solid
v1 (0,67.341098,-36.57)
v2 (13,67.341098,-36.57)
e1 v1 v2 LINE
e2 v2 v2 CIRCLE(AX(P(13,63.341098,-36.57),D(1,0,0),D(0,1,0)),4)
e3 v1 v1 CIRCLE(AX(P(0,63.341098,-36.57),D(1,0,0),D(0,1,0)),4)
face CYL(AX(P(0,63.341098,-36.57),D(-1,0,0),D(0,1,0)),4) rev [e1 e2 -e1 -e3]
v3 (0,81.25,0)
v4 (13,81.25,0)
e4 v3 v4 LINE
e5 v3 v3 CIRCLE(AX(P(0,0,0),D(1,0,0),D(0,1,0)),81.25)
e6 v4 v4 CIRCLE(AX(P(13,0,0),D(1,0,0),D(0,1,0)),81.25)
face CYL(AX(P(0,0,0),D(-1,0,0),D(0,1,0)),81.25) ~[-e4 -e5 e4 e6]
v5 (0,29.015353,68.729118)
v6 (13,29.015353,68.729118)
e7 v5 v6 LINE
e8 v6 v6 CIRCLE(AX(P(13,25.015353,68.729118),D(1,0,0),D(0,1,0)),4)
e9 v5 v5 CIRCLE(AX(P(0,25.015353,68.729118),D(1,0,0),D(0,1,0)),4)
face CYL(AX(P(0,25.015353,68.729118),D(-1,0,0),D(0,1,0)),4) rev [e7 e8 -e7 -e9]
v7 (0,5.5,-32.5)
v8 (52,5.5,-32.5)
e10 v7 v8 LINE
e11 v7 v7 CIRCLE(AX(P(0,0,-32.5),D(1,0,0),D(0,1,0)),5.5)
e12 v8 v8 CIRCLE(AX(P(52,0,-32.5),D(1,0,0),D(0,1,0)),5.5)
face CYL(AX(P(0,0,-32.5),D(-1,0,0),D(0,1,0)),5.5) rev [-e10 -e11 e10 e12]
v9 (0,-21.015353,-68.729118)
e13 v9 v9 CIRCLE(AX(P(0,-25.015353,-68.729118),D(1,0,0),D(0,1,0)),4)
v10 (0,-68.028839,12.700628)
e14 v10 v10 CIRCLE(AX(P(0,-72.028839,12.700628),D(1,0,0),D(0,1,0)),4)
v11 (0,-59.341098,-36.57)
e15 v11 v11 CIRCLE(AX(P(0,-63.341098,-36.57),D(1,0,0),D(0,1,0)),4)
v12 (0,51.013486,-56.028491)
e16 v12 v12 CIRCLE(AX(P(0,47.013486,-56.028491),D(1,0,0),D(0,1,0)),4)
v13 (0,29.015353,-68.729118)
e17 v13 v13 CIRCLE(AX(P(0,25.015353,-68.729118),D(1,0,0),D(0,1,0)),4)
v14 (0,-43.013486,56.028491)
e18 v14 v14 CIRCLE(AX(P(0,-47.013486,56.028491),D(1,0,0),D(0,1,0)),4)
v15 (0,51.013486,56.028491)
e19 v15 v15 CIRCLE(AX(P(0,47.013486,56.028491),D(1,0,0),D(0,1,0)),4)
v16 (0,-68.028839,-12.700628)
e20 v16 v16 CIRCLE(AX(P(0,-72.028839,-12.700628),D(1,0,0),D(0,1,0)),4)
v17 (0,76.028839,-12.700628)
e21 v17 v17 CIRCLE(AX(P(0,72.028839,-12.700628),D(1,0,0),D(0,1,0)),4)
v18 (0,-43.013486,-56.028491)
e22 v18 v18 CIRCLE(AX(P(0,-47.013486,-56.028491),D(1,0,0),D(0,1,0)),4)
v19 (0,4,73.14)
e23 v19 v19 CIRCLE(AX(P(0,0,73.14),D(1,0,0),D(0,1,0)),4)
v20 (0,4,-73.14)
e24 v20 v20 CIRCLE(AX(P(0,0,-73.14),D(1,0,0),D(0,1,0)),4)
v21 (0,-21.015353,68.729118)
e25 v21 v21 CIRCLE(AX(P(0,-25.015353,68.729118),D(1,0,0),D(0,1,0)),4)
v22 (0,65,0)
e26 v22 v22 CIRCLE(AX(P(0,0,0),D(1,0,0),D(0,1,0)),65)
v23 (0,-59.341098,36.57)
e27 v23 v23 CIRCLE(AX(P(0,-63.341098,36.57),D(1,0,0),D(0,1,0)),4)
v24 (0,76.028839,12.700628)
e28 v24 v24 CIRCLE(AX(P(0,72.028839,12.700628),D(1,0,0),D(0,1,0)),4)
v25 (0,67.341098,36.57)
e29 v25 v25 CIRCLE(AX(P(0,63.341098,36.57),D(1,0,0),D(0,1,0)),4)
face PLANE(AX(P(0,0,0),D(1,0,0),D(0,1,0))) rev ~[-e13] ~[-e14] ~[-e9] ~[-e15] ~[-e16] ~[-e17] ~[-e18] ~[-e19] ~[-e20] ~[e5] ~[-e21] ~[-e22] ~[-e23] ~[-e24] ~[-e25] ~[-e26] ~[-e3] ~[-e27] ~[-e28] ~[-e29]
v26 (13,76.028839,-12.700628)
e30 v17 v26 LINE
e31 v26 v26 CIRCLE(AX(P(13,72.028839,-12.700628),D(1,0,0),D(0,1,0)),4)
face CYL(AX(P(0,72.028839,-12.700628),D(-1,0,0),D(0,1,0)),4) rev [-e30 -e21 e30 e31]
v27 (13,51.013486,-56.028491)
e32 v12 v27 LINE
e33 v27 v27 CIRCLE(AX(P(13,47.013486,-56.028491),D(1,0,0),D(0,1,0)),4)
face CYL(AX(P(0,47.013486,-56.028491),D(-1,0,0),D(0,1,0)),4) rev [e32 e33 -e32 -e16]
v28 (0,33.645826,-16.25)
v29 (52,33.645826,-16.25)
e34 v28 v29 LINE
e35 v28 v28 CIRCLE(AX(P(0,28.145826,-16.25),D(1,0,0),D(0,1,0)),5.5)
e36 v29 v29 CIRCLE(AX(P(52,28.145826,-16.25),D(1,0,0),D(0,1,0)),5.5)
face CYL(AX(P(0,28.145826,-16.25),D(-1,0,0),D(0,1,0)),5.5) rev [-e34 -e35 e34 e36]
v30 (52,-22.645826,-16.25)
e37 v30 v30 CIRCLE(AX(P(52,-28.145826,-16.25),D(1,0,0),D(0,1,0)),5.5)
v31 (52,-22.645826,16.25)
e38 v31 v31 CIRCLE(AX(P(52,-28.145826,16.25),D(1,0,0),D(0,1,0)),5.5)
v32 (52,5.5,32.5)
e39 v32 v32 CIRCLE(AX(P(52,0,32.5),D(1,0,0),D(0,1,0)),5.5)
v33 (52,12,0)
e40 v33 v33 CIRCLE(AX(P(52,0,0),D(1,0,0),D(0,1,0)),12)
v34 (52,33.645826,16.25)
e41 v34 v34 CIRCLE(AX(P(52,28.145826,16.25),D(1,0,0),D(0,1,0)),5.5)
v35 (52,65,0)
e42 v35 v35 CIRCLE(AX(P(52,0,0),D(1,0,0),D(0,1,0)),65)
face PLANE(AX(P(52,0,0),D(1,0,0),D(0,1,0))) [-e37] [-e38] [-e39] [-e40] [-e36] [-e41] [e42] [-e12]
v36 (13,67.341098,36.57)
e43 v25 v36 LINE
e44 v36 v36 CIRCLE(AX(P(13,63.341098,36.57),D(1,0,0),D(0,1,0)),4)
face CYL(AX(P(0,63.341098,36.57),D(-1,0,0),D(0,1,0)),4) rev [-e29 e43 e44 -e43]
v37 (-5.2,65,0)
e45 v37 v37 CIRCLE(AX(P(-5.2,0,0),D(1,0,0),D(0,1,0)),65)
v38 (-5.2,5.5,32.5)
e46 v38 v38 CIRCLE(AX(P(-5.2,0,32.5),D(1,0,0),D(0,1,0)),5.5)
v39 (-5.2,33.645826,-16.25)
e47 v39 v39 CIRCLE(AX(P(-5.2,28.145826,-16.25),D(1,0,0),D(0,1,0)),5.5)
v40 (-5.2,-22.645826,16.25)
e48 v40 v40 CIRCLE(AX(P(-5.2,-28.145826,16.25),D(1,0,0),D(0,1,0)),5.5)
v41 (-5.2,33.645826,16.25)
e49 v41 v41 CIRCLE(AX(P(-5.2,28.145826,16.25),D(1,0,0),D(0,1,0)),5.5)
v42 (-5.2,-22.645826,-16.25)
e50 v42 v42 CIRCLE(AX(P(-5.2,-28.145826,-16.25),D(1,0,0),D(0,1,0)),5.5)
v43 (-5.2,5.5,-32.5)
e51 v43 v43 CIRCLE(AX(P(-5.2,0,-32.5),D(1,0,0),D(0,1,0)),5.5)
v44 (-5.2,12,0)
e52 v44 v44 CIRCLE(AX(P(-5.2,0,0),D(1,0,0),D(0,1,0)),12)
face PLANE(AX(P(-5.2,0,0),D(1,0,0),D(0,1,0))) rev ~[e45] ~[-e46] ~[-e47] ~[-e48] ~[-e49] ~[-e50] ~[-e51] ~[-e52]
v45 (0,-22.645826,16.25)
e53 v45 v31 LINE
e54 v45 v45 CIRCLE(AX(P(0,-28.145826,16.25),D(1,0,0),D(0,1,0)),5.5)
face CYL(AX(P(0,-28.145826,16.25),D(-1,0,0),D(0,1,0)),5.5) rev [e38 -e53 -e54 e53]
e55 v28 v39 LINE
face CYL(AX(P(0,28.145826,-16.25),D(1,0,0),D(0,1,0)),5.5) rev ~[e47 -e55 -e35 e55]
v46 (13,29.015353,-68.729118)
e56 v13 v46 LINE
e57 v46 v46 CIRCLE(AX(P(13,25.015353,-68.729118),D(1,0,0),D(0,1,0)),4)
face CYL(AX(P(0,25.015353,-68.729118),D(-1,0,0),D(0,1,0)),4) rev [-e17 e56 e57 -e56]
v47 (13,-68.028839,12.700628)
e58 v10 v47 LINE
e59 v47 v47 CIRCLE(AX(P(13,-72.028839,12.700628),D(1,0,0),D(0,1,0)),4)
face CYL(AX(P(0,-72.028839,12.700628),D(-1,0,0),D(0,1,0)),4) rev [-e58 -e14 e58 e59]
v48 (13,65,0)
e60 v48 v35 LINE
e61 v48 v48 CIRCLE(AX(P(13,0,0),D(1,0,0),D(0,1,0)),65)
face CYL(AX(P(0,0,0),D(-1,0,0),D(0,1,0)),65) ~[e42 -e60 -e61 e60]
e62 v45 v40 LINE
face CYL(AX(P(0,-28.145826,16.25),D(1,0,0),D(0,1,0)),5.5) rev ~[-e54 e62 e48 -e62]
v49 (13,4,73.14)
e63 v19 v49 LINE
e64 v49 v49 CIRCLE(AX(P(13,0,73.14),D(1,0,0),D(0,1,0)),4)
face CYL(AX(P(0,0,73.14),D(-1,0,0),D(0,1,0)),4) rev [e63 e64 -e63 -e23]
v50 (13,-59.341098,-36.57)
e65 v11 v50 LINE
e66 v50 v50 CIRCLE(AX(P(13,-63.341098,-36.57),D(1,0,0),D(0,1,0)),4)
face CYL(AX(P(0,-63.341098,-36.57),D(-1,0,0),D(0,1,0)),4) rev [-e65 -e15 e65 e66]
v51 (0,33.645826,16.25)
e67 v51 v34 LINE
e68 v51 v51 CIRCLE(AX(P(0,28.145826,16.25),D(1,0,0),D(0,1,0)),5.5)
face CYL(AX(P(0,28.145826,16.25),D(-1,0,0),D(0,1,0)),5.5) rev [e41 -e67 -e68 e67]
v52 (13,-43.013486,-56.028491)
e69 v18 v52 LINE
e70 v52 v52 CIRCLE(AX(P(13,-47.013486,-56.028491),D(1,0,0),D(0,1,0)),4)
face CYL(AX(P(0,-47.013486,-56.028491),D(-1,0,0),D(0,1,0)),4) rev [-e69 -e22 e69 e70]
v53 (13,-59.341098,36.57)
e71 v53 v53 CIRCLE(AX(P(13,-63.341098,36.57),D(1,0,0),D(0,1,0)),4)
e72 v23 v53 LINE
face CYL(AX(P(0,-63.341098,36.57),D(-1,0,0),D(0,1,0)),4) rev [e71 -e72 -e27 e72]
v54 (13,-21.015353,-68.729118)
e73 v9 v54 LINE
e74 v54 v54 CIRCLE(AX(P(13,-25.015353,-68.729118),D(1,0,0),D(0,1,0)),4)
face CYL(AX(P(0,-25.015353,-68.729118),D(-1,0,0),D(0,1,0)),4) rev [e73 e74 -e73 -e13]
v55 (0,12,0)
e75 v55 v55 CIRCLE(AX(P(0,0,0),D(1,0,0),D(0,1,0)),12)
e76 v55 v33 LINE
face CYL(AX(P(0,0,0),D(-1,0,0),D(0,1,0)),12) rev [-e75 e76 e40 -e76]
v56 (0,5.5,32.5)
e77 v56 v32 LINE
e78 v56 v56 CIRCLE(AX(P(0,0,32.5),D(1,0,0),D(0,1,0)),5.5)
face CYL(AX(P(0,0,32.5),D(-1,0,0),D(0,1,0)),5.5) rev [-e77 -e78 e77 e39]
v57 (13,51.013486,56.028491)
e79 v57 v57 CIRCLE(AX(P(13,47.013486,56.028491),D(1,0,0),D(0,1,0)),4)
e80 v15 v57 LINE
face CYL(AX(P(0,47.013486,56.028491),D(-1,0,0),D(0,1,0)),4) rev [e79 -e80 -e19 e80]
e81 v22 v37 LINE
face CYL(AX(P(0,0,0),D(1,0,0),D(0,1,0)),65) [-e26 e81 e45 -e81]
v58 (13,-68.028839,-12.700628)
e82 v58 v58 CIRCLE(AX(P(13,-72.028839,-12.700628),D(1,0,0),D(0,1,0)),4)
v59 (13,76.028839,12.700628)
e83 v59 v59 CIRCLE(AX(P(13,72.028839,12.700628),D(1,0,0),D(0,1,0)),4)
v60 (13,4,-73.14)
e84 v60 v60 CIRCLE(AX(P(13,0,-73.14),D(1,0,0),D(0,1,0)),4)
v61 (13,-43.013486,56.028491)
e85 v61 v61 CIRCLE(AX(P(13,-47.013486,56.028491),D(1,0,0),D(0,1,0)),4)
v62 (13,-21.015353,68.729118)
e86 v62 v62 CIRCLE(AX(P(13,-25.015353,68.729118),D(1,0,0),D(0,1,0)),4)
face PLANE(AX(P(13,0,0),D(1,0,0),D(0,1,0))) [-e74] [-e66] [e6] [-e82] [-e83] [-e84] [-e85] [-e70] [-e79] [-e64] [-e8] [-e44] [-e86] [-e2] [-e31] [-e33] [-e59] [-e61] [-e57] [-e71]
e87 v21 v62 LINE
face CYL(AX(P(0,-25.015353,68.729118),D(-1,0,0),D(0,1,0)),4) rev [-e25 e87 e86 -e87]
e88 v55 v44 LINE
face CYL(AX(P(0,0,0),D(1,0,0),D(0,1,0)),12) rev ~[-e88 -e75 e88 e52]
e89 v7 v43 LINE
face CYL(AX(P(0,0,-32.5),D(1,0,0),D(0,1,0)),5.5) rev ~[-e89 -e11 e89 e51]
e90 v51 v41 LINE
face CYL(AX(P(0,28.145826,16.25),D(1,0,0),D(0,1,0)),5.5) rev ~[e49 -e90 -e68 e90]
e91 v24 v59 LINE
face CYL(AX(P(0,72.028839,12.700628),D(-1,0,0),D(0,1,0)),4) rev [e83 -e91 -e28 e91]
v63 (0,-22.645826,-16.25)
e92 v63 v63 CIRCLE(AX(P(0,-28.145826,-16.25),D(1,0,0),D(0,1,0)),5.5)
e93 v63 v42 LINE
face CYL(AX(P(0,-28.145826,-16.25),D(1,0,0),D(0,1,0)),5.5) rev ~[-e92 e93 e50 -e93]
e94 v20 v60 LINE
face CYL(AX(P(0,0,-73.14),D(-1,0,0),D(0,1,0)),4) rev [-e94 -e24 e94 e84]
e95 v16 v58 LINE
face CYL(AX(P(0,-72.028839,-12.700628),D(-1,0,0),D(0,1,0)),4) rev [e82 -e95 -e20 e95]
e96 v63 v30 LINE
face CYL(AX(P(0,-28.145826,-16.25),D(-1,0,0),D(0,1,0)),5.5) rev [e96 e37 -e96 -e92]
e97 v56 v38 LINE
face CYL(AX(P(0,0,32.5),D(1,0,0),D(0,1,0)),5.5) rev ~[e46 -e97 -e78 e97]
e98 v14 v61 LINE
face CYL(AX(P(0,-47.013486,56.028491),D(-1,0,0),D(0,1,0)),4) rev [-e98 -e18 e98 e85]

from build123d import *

# Parameters (mm, degrees)
F0_R     = 65
F0_R_2   = 5.5
F0_R_3   = 12
F1_DEPTH = 52
F0_R_4   = 81.25
F0_R_5   = 4
F2_DEPTH = 13
F3_DEPTH = 5.2


with BuildPart() as f1:
    # F0 (on Right) → F1 (new body)
    with BuildSketch(Plane.YZ):
        Circle(F0_R)
        with Locations((-28.145826, -16.25)):
            Circle(F0_R_2, mode=Mode.SUBTRACT)
        with Locations((0, -32.5)):
            Circle(F0_R_2, mode=Mode.SUBTRACT)
        with Locations((28.145826, -16.25)):
            Circle(F0_R_2, mode=Mode.SUBTRACT)
        with Locations((-28.145826, 16.25)):
            Circle(F0_R_2, mode=Mode.SUBTRACT)
        Circle(F0_R_3, mode=Mode.SUBTRACT)
        with Locations((28.145826, 16.25)):
            Circle(F0_R_2, mode=Mode.SUBTRACT)
        with Locations((0, 32.5)):
            Circle(F0_R_2, mode=Mode.SUBTRACT)
    extrude(amount=F1_DEPTH)

    # F0 (on Right) → F2 (join)
    with BuildSketch(Plane.YZ):
        Circle(F0_R_4)
        with Locations((-47.013486, -56.028491)):
            Circle(F0_R_5, mode=Mode.SUBTRACT)
        with Locations((-25.015353, -68.729118)):
            Circle(F0_R_5, mode=Mode.SUBTRACT)
        with Locations((-63.341098, -36.57)):
            Circle(F0_R_5, mode=Mode.SUBTRACT)
        with Locations((-72.028839, -12.700628)):
            Circle(F0_R_5, mode=Mode.SUBTRACT)
        with Locations((0, -73.14)):
            Circle(F0_R_5, mode=Mode.SUBTRACT)
        with Locations((25.015353, -68.729118)):
            Circle(F0_R_5, mode=Mode.SUBTRACT)
        with Locations((47.013486, -56.028491)):
            Circle(F0_R_5, mode=Mode.SUBTRACT)
        with Locations((63.341098, -36.57)):
            Circle(F0_R_5, mode=Mode.SUBTRACT)
        with Locations((72.028839, -12.700628)):
            Circle(F0_R_5, mode=Mode.SUBTRACT)
        with Locations((-72.028839, 12.700628)):
            Circle(F0_R_5, mode=Mode.SUBTRACT)
        with Locations((-63.341098, 36.57)):
            Circle(F0_R_5, mode=Mode.SUBTRACT)
        with Locations((-47.013486, 56.028491)):
            Circle(F0_R_5, mode=Mode.SUBTRACT)
        with Locations((-25.015353, 68.729118)):
            Circle(F0_R_5, mode=Mode.SUBTRACT)
        Circle(F0_R, mode=Mode.SUBTRACT)
        with Locations((72.028839, 12.700628)):
            Circle(F0_R_5, mode=Mode.SUBTRACT)
        with Locations((63.341098, 36.57)):
            Circle(F0_R_5, mode=Mode.SUBTRACT)
        with Locations((0, 73.14)):
            Circle(F0_R_5, mode=Mode.SUBTRACT)
        with Locations((25.015353, 68.729118)):
            Circle(F0_R_5, mode=Mode.SUBTRACT)
        with Locations((47.013486, 56.028491)):
            Circle(F0_R_5, mode=Mode.SUBTRACT)
    extrude(amount=F2_DEPTH)

    # F0 (on Right) → F3 (join)
    with BuildSketch(Plane.YZ):
        Circle(F0_R)
        with Locations((-28.145826, -16.25)):
            Circle(F0_R_2, mode=Mode.SUBTRACT)
        with Locations((0, -32.5)):
            Circle(F0_R_2, mode=Mode.SUBTRACT)
        with Locations((28.145826, -16.25)):
            Circle(F0_R_2, mode=Mode.SUBTRACT)
        with Locations((-28.145826, 16.25)):
            Circle(F0_R_2, mode=Mode.SUBTRACT)
        Circle(F0_R_3, mode=Mode.SUBTRACT)
        with Locations((28.145826, 16.25)):
            Circle(F0_R_2, mode=Mode.SUBTRACT)
        with Locations((0, 32.5)):
            Circle(F0_R_2, mode=Mode.SUBTRACT)
    extrude(amount=-F3_DEPTH)


solid = f1.part
